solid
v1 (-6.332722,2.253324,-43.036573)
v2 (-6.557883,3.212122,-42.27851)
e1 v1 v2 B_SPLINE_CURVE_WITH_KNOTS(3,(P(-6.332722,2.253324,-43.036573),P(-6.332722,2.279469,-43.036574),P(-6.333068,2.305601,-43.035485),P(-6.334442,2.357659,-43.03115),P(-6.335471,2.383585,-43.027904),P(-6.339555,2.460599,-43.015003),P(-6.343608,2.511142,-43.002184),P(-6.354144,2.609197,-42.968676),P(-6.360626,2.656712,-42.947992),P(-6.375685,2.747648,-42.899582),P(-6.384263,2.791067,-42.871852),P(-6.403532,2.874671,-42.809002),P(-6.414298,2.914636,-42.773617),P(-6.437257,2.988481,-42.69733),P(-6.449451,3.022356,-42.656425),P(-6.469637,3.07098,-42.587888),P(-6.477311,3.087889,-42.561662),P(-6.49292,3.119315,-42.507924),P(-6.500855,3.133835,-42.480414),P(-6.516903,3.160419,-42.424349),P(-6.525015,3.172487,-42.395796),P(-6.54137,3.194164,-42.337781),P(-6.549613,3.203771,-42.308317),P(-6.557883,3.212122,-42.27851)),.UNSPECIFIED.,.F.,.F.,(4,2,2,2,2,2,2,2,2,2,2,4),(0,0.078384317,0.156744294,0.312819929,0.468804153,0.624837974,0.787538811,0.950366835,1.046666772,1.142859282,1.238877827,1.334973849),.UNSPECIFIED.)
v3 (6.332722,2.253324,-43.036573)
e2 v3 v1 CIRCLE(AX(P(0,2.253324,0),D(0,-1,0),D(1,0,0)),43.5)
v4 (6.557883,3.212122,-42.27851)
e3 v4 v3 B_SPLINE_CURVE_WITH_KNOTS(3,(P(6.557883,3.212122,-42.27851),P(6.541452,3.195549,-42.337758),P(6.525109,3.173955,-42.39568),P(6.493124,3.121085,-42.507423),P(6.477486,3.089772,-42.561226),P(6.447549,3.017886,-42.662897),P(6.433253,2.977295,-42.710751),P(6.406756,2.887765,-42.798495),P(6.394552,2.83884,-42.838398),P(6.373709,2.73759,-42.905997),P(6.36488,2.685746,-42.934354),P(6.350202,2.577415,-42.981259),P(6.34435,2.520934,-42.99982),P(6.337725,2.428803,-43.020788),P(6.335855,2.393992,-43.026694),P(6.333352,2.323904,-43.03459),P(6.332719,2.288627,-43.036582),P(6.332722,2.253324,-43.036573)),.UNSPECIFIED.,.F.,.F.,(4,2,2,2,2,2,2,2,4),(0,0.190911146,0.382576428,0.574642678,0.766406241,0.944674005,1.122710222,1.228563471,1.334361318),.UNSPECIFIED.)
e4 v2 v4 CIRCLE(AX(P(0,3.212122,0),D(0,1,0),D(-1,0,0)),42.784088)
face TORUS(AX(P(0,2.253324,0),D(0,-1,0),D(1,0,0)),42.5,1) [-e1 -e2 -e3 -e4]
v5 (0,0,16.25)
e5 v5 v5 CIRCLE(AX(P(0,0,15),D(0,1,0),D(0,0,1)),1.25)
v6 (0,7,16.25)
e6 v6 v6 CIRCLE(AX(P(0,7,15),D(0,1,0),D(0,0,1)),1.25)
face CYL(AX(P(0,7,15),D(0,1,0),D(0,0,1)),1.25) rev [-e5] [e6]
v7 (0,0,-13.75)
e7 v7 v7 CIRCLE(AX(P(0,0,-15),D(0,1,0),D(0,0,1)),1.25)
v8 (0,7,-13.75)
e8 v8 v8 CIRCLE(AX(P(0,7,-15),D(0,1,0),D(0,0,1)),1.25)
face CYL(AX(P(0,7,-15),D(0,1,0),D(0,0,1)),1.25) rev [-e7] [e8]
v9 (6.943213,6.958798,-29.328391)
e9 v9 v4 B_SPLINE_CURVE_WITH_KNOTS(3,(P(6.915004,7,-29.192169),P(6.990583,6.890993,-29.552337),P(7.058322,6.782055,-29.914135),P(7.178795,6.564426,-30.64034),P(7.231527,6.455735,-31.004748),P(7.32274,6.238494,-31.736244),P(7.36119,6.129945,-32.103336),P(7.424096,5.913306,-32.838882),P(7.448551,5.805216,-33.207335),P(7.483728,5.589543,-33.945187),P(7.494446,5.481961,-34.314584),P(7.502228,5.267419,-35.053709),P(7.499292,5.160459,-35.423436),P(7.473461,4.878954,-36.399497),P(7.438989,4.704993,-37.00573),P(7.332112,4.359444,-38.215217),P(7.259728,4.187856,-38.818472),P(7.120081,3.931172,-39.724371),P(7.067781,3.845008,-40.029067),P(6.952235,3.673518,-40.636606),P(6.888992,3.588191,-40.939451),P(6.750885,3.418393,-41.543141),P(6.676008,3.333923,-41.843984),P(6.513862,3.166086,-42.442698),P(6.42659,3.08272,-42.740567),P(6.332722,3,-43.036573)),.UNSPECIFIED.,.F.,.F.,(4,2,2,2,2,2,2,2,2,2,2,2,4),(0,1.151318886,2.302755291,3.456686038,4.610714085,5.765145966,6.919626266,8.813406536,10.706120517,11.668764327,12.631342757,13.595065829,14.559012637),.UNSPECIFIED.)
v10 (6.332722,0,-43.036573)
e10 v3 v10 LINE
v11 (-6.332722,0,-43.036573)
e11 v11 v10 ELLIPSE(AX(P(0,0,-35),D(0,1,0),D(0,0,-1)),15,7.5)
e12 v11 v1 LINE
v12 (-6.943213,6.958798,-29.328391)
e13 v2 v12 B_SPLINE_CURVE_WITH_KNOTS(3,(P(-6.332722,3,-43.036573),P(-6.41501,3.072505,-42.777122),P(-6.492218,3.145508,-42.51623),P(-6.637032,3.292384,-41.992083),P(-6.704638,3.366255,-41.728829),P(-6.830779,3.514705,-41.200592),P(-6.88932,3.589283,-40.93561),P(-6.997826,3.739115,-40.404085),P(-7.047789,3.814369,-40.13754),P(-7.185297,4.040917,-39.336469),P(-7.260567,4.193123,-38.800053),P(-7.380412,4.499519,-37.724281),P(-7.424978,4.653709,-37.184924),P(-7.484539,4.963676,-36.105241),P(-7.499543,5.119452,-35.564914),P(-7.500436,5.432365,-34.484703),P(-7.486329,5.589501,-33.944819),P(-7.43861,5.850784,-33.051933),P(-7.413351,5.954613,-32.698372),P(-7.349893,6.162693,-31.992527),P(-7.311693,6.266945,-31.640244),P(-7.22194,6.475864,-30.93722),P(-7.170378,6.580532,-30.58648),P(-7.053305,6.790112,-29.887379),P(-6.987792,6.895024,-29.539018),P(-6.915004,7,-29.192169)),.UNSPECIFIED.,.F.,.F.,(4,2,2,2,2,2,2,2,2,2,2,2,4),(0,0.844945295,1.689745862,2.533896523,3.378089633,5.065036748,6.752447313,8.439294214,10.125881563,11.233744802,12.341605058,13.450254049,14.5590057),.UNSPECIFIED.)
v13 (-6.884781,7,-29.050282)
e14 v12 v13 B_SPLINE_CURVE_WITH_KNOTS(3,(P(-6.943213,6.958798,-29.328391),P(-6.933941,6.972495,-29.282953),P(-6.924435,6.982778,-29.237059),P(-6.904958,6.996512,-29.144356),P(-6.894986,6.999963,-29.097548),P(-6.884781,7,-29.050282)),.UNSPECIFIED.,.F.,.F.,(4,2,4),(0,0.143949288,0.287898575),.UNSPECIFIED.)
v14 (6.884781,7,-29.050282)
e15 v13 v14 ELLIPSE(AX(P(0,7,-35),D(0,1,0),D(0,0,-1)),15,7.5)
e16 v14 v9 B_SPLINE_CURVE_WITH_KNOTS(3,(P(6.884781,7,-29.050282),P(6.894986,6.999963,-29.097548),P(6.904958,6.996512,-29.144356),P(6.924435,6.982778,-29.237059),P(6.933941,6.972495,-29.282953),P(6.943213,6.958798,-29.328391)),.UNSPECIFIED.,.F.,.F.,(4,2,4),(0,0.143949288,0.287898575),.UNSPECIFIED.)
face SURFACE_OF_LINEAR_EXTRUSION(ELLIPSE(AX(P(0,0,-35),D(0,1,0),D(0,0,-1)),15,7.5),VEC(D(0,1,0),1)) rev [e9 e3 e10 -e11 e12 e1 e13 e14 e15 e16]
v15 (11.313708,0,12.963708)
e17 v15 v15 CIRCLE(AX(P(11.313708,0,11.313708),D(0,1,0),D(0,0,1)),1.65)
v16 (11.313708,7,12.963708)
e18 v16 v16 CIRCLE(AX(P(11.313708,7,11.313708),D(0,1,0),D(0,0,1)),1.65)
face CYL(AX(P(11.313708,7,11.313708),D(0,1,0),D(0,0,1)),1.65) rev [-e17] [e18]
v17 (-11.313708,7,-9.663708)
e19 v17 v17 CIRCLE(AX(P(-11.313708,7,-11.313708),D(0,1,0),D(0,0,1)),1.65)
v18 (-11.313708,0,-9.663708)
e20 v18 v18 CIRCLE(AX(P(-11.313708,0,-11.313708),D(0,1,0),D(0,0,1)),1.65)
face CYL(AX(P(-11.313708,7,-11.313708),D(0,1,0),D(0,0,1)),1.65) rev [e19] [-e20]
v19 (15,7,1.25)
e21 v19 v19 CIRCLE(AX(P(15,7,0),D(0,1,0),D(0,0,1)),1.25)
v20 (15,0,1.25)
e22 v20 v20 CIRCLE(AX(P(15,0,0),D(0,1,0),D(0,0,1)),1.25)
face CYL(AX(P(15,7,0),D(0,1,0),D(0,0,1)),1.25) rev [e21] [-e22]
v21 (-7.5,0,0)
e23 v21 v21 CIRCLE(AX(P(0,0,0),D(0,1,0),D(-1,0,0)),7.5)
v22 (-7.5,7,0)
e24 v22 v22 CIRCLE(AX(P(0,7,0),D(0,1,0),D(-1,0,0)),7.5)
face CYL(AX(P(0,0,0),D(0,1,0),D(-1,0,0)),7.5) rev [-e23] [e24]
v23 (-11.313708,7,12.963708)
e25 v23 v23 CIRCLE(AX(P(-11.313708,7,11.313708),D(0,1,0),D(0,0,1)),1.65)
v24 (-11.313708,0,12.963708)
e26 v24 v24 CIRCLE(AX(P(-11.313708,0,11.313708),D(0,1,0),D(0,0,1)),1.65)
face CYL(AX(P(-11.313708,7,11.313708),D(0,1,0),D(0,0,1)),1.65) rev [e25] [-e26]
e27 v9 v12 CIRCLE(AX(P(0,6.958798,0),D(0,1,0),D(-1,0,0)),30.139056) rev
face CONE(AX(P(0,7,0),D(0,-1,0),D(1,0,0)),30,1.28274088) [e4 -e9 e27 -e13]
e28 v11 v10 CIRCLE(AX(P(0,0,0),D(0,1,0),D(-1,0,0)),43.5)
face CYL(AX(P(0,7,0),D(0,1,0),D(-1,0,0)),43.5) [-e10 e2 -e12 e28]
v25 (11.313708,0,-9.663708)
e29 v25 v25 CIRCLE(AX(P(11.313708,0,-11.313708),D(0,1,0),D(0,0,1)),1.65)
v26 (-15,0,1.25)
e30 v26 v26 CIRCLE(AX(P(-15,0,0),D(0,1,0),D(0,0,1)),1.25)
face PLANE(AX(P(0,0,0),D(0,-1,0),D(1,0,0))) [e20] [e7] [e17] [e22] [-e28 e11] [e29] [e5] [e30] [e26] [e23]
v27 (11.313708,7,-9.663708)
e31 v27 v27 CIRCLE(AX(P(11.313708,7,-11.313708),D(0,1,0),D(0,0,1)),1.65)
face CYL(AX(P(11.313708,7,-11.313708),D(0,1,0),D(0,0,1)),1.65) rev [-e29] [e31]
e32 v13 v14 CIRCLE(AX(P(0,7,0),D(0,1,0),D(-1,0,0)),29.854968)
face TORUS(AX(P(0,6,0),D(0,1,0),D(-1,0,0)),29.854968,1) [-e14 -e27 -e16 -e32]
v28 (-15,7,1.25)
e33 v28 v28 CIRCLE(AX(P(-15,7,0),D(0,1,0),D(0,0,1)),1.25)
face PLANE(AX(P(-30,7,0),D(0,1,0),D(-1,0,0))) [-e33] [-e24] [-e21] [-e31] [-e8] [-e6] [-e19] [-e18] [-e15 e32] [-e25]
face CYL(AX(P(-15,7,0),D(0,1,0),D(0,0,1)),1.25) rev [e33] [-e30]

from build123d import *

# Parameters (mm, degrees)
SKETCH_2_R          = 7.5
CUT_EXTRUDE_1_DEPTH = 8
SKETCH_3_RX         = 15
SKETCH_3_RY         = 7.5
CUT_EXTRUDE_2_DEPTH = 8
M3X0_51_D           = 2.5
M4X0_71_D           = 3.3
FILLET_1_R          = 1


with BuildPart() as part:
    # Эскиз1 → Повернуть1 (revolve)
    with BuildSketch(Plane.XY):
        Polygon((0, 0), (-43.5, 0), (-43.5, 3), (-30, 7), (0, 7), align=None)
    revolve(axis=Axis((0, 7, 0), (0, -1, 0)))

    # Эскиз2 → Вырез-Вытянуть1 (cut, through all)
    with BuildSketch(Plane(origin=(0, 7, 0), x_dir=(1, 0, 0), z_dir=(0, 1, 0))):
        Circle(SKETCH_2_R)
    extrude(amount=-CUT_EXTRUDE_1_DEPTH, mode=Mode.SUBTRACT)

    # Эскиз3 → Вырез-Вытянуть2 (cut, through all)
    with BuildSketch(Plane(origin=(0, 7, 0), x_dir=(1, 0, 0), z_dir=(0, 1, 0))):
        with Locations(Location((0, 35), (0, 0, -90))):
            Ellipse(SKETCH_3_RX, SKETCH_3_RY)
    extrude(amount=-CUT_EXTRUDE_2_DEPTH, mode=Mode.SUBTRACT)

    # Отверстие обработанное метчиком M3x0.51 (through all)
    with Locations(Plane(origin=(0, 7, 0), x_dir=(1, 0, 0), z_dir=(0, 1, 0))):
        with Locations((0, 15), (-15, 0), (0, -15), (15, 0)):
            Hole(M3X0_51_D / 2)

    # Отверстие обработанное метчиком M4x0.71 (through all)
    with Locations(Plane(origin=(0, 7, 0), x_dir=(1, 0, 0), z_dir=(0, 1, 0))):
        with Locations((-11.313708499, 11.313708499), (11.313708499, 11.313708499), (11.313708499, -11.313708499), (-11.313708499, -11.313708499)):
            Hole(M4X0_71_D / 2)

    # Скругление1
    fillet_1_edges = [part.edges().sort_by_distance(p)[0] for p in [
        (0, 7, 30),
        (0, 3, 43.5),
    ]]
    fillet(fillet_1_edges, radius=FILLET_1_R)


solid = part.part
